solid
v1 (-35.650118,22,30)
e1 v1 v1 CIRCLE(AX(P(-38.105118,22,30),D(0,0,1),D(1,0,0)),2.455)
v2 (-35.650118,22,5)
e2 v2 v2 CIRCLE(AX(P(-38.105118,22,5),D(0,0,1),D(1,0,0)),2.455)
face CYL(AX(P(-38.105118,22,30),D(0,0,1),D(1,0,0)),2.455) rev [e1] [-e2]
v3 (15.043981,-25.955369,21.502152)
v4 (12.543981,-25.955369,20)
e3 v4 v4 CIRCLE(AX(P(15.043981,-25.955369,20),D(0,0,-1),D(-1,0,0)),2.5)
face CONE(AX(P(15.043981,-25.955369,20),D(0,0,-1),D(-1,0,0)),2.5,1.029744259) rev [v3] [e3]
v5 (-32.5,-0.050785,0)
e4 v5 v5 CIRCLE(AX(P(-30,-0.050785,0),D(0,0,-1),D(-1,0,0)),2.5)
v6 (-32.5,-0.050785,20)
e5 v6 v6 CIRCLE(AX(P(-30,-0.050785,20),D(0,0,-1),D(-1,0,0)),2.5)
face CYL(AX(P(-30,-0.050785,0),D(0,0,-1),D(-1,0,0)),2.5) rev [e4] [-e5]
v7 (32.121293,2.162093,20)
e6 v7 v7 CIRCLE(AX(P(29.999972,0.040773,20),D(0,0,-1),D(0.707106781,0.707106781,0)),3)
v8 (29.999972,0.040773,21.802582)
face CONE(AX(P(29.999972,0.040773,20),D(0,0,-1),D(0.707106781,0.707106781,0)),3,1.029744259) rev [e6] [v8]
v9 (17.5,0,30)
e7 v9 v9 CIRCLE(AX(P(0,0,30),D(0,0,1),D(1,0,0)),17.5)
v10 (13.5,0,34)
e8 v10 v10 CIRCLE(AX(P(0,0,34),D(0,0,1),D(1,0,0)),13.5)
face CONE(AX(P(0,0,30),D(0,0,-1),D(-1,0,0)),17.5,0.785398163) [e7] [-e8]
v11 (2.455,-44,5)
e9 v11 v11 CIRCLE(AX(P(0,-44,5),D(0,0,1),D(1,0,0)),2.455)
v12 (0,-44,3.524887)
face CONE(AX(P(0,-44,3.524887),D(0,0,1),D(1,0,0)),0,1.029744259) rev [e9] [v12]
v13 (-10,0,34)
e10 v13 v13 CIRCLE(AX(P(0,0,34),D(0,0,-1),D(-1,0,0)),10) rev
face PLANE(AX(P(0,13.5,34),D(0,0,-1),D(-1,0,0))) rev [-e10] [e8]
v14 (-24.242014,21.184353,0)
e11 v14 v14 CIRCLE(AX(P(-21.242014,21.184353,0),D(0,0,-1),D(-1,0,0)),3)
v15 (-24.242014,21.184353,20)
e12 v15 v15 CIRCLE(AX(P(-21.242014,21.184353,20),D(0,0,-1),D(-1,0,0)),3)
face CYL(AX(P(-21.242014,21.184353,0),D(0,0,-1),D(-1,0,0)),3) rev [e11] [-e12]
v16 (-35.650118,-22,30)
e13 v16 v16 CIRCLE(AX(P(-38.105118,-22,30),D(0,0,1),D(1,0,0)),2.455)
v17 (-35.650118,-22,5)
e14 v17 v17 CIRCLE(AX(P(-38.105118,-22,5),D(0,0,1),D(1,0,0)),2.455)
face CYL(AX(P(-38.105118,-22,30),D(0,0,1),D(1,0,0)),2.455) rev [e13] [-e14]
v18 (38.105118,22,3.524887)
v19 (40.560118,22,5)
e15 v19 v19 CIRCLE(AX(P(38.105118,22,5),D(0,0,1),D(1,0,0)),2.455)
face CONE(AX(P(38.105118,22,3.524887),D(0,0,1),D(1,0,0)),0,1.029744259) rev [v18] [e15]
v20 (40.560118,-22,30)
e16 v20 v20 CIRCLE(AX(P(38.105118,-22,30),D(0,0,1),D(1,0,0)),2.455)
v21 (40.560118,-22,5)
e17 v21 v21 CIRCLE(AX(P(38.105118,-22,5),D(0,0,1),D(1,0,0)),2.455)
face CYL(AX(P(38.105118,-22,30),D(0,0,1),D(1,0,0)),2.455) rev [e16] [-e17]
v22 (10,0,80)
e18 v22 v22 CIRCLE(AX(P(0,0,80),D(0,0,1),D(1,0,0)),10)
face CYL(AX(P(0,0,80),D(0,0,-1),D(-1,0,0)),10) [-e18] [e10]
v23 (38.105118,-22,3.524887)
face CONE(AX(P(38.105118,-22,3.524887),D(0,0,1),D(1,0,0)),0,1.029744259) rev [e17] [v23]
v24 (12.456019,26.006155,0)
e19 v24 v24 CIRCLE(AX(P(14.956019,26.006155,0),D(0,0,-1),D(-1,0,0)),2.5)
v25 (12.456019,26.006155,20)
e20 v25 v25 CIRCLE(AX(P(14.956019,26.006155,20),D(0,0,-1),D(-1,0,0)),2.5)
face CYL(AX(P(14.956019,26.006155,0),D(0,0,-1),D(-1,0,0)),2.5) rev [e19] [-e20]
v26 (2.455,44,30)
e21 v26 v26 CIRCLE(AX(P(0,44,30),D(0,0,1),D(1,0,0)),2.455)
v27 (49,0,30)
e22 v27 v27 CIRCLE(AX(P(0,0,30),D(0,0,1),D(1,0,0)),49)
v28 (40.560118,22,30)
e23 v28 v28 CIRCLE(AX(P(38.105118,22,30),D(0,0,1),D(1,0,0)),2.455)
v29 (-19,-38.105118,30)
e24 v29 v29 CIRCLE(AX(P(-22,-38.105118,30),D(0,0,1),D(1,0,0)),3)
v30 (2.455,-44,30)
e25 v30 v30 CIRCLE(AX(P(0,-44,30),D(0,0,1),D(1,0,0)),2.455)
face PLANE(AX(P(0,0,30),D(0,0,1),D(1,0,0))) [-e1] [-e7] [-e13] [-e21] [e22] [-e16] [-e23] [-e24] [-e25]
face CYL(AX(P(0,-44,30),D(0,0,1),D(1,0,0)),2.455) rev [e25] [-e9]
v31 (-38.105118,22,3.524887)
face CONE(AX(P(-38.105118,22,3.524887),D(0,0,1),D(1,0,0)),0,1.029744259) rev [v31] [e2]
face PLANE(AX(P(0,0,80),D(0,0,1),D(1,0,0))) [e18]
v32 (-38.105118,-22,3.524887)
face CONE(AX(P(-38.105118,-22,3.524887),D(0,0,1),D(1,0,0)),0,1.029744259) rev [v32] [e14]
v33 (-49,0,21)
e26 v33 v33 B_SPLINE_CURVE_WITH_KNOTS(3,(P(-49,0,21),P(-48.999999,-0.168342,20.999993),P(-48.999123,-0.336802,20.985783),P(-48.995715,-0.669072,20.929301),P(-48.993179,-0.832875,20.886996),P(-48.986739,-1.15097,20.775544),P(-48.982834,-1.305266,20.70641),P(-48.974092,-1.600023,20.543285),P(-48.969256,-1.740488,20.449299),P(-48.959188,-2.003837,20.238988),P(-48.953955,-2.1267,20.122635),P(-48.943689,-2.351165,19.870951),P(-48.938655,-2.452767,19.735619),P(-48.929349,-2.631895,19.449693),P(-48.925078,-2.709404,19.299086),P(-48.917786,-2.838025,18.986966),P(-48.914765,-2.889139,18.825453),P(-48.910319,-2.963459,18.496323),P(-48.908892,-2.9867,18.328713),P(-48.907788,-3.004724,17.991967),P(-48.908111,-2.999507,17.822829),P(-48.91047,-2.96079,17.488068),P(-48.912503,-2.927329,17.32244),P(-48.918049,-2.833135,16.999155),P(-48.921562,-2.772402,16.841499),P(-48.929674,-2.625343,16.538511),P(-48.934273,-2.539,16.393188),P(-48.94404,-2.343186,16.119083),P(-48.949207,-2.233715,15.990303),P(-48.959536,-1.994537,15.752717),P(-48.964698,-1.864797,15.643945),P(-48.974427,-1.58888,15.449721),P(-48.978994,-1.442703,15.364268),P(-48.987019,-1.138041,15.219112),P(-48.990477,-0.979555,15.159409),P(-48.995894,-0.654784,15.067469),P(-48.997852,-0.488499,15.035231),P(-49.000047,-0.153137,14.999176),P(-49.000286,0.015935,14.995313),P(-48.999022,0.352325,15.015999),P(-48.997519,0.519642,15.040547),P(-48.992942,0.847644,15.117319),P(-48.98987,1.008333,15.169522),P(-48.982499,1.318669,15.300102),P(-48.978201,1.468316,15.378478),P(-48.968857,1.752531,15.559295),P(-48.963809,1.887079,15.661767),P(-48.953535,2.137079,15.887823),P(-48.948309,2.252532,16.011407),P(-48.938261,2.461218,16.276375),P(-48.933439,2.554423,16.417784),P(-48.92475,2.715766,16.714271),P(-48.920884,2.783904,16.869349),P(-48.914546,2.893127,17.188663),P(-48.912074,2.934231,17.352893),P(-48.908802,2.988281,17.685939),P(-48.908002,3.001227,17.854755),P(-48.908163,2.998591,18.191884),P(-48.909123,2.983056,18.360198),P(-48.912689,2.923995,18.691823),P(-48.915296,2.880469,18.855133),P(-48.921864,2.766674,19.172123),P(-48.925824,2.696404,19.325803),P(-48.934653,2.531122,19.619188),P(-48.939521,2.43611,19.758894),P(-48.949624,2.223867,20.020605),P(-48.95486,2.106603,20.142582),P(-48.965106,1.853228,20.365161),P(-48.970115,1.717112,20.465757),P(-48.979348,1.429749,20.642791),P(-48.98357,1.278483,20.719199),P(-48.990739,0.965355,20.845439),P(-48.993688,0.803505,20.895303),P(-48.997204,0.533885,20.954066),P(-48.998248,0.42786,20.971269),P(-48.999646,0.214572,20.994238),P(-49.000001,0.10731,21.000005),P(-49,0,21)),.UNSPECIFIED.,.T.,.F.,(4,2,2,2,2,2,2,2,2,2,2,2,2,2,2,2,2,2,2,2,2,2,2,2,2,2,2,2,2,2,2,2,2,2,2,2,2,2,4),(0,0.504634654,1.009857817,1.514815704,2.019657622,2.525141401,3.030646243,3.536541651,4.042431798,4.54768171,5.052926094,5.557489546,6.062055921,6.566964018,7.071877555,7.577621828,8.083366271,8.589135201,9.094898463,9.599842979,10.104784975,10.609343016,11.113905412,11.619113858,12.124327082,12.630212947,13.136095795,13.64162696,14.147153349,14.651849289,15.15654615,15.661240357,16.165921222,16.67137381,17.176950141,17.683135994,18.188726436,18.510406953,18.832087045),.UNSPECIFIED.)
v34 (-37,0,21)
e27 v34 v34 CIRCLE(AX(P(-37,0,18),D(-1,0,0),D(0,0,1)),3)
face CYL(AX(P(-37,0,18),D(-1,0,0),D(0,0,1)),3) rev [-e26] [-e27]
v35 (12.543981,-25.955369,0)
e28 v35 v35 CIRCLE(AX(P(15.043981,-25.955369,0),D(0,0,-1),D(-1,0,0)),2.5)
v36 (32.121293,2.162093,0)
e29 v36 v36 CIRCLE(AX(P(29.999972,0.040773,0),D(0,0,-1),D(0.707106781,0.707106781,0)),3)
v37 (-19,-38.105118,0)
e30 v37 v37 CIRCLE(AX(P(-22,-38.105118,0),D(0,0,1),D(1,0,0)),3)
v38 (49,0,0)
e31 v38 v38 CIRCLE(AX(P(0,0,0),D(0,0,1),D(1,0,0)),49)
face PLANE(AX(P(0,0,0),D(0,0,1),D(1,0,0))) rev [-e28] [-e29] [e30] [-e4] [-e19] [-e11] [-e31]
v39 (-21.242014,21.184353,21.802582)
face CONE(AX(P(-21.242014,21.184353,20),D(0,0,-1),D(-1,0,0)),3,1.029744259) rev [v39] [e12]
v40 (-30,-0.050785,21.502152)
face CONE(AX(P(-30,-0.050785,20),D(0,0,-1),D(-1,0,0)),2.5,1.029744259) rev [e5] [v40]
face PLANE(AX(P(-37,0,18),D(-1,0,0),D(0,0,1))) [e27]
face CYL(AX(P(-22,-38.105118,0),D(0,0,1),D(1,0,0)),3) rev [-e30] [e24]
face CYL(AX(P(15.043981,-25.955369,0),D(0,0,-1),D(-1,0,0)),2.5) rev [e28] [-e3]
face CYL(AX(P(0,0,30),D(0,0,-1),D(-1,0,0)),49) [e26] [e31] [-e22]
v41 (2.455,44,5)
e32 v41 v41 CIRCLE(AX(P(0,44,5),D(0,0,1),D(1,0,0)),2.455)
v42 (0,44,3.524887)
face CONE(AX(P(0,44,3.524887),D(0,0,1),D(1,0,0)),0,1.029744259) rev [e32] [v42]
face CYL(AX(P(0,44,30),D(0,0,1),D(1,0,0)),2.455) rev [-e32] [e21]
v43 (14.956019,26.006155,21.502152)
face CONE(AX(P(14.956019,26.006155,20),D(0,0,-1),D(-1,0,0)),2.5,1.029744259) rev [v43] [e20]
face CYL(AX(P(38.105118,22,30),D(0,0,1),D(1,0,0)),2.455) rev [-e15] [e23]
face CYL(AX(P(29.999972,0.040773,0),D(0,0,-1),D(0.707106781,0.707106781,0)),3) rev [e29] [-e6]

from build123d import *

# Parameters (mm, degrees)
ESQUISSE1_R                  = 49
BASE_EXTRUSION_DEPTH         = 30
ESQUISSE20_R                 = 3
ENL_V_MAT_EXTRU_4_DEPTH      = 12
ESQUISSE3_R                  = 10
BOSS_EXTRU_1_DEPTH           = 46
ESQUISSE11_R                 = 3
ENL_V_MAT_EXTRU_3_DEPTH      = 31.0000001
R_P_TITION_CIRCULAIRE1_COUNT = 6
R_P_TITION_CIRCULAIRE3_COUNT = 2
R_P_TITION_CIRCULAIRE3_ANGLE = 135
R_P_TITION_CIRCULAIRE4_COUNT = 3


with BuildPart() as part:
    # Esquisse1 → Base-Extrusion (new body)
    with BuildSketch(Plane.XY):
        Circle(ESQUISSE1_R)
    extrude(amount=BASE_EXTRUSION_DEPTH)

    # Esquisse2 → Boss.-Révol.1 (revolve)
    with BuildSketch(Plane(origin=(0, 0, 0), x_dir=(0, 0, -1), z_dir=(1, 0, 0))):
        Polygon((-30, 0), (-30, 17.5), (-34, 13.5), (-34, 0), align=None)
    revolve(axis=Axis((0, 0, 38.858858859), (0, 0, -1)))

    # Esquisse20 → Enlèv. mat.-Extru.4 (cut)
    with BuildSketch(Plane(origin=(-49, 0, 15), x_dir=(0, 1, 0), z_dir=(-1, 0, 0))):
        with Locations((0, -3)):
            Circle(ESQUISSE20_R)
    extrude(amount=-ENL_V_MAT_EXTRU_4_DEPTH, mode=Mode.SUBTRACT)

    # Esquisse3 → Boss.-Extru.1 (add)
    with BuildSketch(Plane.XY.offset(34)):
        Circle(ESQUISSE3_R)
    extrude(amount=BOSS_EXTRU_1_DEPTH)

    # Esquisse11 → Enlèv. mat.-Extru.3 (cut, through all)
    with BuildSketch(Plane.XY.offset(30)):
        with Locations((-22, -38.105117767)):
            Circle(ESQUISSE11_R)
    extrude(amount=-ENL_V_MAT_EXTRU_3_DEPTH, mode=Mode.SUBTRACT)

    # Esquisse12 → Perçage2 (revolve, cut)
    with BuildSketch(Plane(origin=(0, -44, 30), x_dir=(0, -1, 0), z_dir=(1, 0, 0))):
        Polygon((0, 0), (0, 26.47511282), (2.455, 25), (2.455, 0), align=None)
    per_age2 = revolve(axis=Axis((0, -44, 34.244199587), (0, 0, -1)), mode=Mode.SUBTRACT)

    # Répétition circulaire1: Perçage2 ×6 about axis
    r_p_tition_circulaire1_axis = Axis((0, 0, 0), (0, 0, 1))
    for i in range(1, R_P_TITION_CIRCULAIRE1_COUNT):
        add(per_age2.rotate(r_p_tition_circulaire1_axis, i * 360 / R_P_TITION_CIRCULAIRE1_COUNT), mode=Mode.SUBTRACT)

    # Esquisse16 → Perçage4 (revolve, cut)
    with BuildSketch(Plane(origin=(-21.242014496, 21.184353192, 0), x_dir=(0, 1, 0), z_dir=(1, 0, 0))):
        Polygon((0, 0), (0, 21.802581857), (3, 20), (3, 0), align=None)
    per_age4 = revolve(axis=Axis((-21.242014496, 21.184353192, -6.35), (0, 0, 1)), mode=Mode.SUBTRACT)

    # Répétition circulaire3: Perçage4 ×2 about axis
    r_p_tition_circulaire3_axis = Axis((0, 0, 0), (0, 0, -1))
    for i in range(1, R_P_TITION_CIRCULAIRE3_COUNT):
        add(per_age4.rotate(r_p_tition_circulaire3_axis, i * R_P_TITION_CIRCULAIRE3_ANGLE / (R_P_TITION_CIRCULAIRE3_COUNT - 1)), mode=Mode.SUBTRACT)

    # Esquisse18 → Perçage5 (revolve, cut)
    with BuildSketch(Plane(origin=(-30, -0.050785262, 0), x_dir=(0, 1, 0), z_dir=(1, 0, 0))):
        Polygon((0, 0), (0, 21.502151548), (2.5, 20), (2.5, 0), align=None)
    per_age5 = revolve(axis=Axis((-30, -0.050785262, -6.35), (0, 0, 1)), mode=Mode.SUBTRACT)

    # Répétition circulaire4: Perçage5 ×3 about axis
    r_p_tition_circulaire4_axis = Axis((0, 0, 0), (0, 0, 1))
    for i in range(1, R_P_TITION_CIRCULAIRE4_COUNT):
        add(per_age5.rotate(r_p_tition_circulaire4_axis, i * 360 / R_P_TITION_CIRCULAIRE4_COUNT), mode=Mode.SUBTRACT)


solid = part.part
